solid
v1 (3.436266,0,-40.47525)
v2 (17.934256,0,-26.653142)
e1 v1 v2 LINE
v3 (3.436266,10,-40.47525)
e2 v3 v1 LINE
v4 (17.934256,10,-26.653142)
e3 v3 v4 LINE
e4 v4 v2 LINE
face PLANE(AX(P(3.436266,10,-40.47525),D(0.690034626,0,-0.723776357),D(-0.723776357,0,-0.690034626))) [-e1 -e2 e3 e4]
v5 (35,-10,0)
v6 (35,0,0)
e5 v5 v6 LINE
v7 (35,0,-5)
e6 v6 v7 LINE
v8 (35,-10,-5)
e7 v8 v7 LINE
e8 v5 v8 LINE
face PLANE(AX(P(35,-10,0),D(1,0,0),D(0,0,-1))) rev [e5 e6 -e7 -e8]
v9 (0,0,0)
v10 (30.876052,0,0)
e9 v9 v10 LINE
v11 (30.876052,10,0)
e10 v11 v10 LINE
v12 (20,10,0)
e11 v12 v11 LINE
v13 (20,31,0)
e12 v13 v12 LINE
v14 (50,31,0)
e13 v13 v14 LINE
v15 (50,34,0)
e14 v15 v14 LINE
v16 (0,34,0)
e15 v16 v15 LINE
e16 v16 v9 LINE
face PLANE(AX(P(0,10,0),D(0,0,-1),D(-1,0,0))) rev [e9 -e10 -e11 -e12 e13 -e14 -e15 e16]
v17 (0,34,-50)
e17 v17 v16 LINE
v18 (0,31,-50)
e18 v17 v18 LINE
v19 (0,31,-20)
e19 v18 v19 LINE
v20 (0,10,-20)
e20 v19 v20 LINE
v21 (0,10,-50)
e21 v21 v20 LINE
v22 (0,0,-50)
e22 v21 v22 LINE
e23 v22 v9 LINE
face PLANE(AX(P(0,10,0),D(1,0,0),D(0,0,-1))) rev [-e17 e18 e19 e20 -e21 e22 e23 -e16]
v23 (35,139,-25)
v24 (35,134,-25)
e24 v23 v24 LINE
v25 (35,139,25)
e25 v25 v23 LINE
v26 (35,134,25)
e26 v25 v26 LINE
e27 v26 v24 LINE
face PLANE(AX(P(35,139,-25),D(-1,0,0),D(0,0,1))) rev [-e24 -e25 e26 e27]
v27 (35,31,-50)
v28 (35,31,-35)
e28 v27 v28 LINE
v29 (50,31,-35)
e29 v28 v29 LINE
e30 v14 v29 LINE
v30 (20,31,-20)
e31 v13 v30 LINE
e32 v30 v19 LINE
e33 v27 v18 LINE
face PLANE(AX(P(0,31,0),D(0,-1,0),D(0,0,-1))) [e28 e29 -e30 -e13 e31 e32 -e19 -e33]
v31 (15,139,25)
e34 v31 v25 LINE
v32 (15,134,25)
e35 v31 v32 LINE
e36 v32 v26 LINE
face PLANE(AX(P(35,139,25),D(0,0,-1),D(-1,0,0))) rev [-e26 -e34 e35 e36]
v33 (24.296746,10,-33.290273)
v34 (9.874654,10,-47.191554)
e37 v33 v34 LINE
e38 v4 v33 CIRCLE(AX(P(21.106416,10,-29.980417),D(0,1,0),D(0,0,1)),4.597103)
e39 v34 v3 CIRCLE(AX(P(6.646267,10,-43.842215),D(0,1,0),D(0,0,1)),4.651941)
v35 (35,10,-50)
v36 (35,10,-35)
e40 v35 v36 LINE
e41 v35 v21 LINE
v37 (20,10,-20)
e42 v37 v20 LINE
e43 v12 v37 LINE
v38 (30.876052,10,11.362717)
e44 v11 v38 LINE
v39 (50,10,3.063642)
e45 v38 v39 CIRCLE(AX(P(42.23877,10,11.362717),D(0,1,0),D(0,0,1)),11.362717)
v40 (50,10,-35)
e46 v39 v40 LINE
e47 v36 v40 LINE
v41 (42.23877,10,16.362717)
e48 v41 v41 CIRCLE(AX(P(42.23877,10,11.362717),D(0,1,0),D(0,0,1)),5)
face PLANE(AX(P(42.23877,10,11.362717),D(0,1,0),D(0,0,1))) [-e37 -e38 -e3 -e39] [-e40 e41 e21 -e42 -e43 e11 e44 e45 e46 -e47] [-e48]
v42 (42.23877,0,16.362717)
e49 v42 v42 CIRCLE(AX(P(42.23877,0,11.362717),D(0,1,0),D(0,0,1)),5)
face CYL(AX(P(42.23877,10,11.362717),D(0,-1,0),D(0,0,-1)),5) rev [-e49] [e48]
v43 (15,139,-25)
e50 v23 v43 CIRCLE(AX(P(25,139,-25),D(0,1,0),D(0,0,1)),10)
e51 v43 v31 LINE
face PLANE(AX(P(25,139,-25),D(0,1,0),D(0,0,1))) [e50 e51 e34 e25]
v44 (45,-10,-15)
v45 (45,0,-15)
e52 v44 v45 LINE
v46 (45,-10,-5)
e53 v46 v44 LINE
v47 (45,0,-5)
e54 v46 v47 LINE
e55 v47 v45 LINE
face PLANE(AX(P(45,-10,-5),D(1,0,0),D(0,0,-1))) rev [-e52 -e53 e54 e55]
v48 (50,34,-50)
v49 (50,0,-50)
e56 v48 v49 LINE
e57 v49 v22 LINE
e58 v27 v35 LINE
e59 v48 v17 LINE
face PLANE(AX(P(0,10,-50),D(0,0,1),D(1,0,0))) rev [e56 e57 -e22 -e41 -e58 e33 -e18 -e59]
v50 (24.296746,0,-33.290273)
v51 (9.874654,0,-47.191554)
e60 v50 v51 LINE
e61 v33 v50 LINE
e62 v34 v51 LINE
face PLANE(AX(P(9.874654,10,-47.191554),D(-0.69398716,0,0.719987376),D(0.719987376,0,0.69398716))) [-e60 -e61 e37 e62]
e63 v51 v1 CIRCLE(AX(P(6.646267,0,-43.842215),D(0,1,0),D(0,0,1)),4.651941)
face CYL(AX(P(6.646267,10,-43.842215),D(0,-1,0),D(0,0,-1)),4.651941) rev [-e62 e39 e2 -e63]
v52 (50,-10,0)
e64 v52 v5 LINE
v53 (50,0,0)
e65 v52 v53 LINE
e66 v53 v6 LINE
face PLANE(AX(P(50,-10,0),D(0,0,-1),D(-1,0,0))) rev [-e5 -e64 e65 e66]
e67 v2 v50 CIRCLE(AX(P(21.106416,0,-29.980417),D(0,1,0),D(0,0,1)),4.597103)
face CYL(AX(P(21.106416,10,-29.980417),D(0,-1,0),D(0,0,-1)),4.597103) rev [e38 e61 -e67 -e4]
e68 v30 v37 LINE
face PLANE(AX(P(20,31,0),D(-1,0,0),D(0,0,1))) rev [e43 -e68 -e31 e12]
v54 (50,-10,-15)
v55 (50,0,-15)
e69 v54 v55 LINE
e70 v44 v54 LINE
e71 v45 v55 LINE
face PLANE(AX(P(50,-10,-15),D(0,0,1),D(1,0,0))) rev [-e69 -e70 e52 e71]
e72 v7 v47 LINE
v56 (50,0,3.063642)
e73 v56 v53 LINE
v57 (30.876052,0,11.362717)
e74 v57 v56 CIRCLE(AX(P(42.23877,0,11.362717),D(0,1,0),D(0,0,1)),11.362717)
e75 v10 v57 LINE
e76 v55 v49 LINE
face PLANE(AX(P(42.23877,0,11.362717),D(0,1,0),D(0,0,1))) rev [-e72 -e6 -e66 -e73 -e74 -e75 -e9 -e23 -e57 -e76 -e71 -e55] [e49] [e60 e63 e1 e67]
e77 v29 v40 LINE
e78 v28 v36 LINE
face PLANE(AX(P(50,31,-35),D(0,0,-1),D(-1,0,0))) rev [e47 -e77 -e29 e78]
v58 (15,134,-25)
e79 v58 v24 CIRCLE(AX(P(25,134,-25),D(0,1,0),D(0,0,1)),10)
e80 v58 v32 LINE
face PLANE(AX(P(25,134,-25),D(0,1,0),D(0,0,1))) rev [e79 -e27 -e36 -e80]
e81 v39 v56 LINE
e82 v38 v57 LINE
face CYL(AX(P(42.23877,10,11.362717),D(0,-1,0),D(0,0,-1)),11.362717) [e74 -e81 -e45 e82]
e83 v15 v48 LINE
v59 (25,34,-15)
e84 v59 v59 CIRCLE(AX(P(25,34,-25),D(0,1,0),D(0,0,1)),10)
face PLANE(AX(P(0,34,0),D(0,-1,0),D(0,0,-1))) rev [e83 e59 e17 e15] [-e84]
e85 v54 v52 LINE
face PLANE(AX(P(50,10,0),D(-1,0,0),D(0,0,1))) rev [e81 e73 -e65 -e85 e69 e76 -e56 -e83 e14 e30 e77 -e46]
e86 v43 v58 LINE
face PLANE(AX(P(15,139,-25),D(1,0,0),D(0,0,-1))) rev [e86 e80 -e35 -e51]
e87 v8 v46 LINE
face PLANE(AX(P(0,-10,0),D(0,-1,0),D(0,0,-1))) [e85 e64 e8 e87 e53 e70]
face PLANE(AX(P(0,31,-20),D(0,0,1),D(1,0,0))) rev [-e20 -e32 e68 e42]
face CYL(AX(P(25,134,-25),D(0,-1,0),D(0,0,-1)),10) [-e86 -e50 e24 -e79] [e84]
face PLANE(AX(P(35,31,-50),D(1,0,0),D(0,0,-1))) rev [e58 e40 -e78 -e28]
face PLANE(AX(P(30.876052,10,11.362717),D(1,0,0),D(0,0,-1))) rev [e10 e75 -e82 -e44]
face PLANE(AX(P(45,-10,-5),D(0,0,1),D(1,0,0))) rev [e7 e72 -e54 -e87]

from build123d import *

# Parameters (mm, degrees)
SKETCH1_R           = 5
BOSS_EXTRUDE1_DEPTH = 10
BOSS_EXTRUDE2_DEPTH = 10
SKETCH3_W           = 20
SKETCH3_H           = 20
SKETCH3_W_2         = 15
SKETCH3_H_2         = 15
BOSS_EXTRUDE3_DEPTH = 21
SKETCH4_W           = 50
SKETCH4_H           = 50
BOSS_EXTRUDE4_DEPTH = 3
SKETCH5_R           = 10
BOSS_EXTRUDE5_DEPTH = 100
BOSS_EXTRUDE6_DEPTH = 5


with BuildPart() as part:
    # Sketch1 → Boss-Extrude1 (new body)
    with BuildSketch(Plane(origin=(0, 0, 0), x_dir=(1, 0, 0), z_dir=(0, 1, 0))):
        with BuildLine():
            Line((0, 0), (30.876052193, 0))
            Line((30.876052193, 0), (30.876052193, -11.362717468))
            ThreePointArc((30.876052193, -11.362717468), (46.762190972, -21.786248919), (50, -3.063642105))
            Line((50, -3.063642105), (50, 0))
            Line((50, 0), (50, 50))
            Line((50, 50), (0, 50))
            Line((0, 50), (0, 0))
        make_face()
        with Locations(Location((42.238769661, -11.362717468, 0), (0, 0, 270))):
            Circle(SKETCH1_R, mode=Mode.SUBTRACT)
        with BuildLine():
            Line((9.874654059, 47.191553979), (24.296746366, 33.290272916))
            ThreePointArc((24.296746366, 33.290272916), (24.424993645, 26.799159409), (17.934255558, 26.653142217))
            Line((17.934255558, 26.653142217), (3.436266044, 40.475249935))
            ThreePointArc((3.436266044, 40.475249935), (3.288101967, 47.061421086), (9.874654059, 47.191553979))
        make_face(mode=Mode.SUBTRACT)
    extrude(amount=BOSS_EXTRUDE1_DEPTH)

    # Sketch2 → Boss-Extrude2 (add)
    with BuildSketch(Plane.XZ):
        Polygon((45, -5), (35, -5), (35, 0), (50, 0), (50, -15), (45, -15), align=None)
    extrude(amount=BOSS_EXTRUDE2_DEPTH)

    # Sketch3 → Boss-Extrude3 (add)
    with BuildSketch(Plane(origin=(0, 10, 0), x_dir=(1, 0, 0), z_dir=(0, 1, 0))):
        with Locations((10, 10)):
            Rectangle(SKETCH3_W, SKETCH3_H)
        with Locations((42.5, 42.5)):
            Rectangle(SKETCH3_W_2, SKETCH3_H_2)
    extrude(amount=BOSS_EXTRUDE3_DEPTH)

    # Sketch4 → Boss-Extrude4 (add)
    with BuildSketch(Plane(origin=(0, 31, 0), x_dir=(1, 0, 0), z_dir=(0, 1, 0))):
        with Locations((25, 25)):
            Rectangle(SKETCH4_W, SKETCH4_H)
    extrude(amount=BOSS_EXTRUDE4_DEPTH)

    # Sketch5 → Boss-Extrude5 (add)
    with BuildSketch(Plane(origin=(0, 34, 0), x_dir=(1, 0, 0), z_dir=(0, 1, 0))):
        with Locations(Location((25, 25, 0), (0, 0, 270))):
            Circle(SKETCH5_R)
    extrude(amount=BOSS_EXTRUDE5_DEPTH)

    # Sketch6 → Boss-Extrude6 (add)
    with BuildSketch(Plane(origin=(0, 134, 0), x_dir=(1, 0, 0), z_dir=(0, 1, 0))):
        with BuildLine():
            Line((35, 25), (35, -25))
            Line((35, -25), (15, -25))
            Line((15, -25), (15, 25))
            ThreePointArc((15, 25), (25, 35), (35, 25))
        make_face()
    extrude(amount=BOSS_EXTRUDE6_DEPTH)


solid = part.part
